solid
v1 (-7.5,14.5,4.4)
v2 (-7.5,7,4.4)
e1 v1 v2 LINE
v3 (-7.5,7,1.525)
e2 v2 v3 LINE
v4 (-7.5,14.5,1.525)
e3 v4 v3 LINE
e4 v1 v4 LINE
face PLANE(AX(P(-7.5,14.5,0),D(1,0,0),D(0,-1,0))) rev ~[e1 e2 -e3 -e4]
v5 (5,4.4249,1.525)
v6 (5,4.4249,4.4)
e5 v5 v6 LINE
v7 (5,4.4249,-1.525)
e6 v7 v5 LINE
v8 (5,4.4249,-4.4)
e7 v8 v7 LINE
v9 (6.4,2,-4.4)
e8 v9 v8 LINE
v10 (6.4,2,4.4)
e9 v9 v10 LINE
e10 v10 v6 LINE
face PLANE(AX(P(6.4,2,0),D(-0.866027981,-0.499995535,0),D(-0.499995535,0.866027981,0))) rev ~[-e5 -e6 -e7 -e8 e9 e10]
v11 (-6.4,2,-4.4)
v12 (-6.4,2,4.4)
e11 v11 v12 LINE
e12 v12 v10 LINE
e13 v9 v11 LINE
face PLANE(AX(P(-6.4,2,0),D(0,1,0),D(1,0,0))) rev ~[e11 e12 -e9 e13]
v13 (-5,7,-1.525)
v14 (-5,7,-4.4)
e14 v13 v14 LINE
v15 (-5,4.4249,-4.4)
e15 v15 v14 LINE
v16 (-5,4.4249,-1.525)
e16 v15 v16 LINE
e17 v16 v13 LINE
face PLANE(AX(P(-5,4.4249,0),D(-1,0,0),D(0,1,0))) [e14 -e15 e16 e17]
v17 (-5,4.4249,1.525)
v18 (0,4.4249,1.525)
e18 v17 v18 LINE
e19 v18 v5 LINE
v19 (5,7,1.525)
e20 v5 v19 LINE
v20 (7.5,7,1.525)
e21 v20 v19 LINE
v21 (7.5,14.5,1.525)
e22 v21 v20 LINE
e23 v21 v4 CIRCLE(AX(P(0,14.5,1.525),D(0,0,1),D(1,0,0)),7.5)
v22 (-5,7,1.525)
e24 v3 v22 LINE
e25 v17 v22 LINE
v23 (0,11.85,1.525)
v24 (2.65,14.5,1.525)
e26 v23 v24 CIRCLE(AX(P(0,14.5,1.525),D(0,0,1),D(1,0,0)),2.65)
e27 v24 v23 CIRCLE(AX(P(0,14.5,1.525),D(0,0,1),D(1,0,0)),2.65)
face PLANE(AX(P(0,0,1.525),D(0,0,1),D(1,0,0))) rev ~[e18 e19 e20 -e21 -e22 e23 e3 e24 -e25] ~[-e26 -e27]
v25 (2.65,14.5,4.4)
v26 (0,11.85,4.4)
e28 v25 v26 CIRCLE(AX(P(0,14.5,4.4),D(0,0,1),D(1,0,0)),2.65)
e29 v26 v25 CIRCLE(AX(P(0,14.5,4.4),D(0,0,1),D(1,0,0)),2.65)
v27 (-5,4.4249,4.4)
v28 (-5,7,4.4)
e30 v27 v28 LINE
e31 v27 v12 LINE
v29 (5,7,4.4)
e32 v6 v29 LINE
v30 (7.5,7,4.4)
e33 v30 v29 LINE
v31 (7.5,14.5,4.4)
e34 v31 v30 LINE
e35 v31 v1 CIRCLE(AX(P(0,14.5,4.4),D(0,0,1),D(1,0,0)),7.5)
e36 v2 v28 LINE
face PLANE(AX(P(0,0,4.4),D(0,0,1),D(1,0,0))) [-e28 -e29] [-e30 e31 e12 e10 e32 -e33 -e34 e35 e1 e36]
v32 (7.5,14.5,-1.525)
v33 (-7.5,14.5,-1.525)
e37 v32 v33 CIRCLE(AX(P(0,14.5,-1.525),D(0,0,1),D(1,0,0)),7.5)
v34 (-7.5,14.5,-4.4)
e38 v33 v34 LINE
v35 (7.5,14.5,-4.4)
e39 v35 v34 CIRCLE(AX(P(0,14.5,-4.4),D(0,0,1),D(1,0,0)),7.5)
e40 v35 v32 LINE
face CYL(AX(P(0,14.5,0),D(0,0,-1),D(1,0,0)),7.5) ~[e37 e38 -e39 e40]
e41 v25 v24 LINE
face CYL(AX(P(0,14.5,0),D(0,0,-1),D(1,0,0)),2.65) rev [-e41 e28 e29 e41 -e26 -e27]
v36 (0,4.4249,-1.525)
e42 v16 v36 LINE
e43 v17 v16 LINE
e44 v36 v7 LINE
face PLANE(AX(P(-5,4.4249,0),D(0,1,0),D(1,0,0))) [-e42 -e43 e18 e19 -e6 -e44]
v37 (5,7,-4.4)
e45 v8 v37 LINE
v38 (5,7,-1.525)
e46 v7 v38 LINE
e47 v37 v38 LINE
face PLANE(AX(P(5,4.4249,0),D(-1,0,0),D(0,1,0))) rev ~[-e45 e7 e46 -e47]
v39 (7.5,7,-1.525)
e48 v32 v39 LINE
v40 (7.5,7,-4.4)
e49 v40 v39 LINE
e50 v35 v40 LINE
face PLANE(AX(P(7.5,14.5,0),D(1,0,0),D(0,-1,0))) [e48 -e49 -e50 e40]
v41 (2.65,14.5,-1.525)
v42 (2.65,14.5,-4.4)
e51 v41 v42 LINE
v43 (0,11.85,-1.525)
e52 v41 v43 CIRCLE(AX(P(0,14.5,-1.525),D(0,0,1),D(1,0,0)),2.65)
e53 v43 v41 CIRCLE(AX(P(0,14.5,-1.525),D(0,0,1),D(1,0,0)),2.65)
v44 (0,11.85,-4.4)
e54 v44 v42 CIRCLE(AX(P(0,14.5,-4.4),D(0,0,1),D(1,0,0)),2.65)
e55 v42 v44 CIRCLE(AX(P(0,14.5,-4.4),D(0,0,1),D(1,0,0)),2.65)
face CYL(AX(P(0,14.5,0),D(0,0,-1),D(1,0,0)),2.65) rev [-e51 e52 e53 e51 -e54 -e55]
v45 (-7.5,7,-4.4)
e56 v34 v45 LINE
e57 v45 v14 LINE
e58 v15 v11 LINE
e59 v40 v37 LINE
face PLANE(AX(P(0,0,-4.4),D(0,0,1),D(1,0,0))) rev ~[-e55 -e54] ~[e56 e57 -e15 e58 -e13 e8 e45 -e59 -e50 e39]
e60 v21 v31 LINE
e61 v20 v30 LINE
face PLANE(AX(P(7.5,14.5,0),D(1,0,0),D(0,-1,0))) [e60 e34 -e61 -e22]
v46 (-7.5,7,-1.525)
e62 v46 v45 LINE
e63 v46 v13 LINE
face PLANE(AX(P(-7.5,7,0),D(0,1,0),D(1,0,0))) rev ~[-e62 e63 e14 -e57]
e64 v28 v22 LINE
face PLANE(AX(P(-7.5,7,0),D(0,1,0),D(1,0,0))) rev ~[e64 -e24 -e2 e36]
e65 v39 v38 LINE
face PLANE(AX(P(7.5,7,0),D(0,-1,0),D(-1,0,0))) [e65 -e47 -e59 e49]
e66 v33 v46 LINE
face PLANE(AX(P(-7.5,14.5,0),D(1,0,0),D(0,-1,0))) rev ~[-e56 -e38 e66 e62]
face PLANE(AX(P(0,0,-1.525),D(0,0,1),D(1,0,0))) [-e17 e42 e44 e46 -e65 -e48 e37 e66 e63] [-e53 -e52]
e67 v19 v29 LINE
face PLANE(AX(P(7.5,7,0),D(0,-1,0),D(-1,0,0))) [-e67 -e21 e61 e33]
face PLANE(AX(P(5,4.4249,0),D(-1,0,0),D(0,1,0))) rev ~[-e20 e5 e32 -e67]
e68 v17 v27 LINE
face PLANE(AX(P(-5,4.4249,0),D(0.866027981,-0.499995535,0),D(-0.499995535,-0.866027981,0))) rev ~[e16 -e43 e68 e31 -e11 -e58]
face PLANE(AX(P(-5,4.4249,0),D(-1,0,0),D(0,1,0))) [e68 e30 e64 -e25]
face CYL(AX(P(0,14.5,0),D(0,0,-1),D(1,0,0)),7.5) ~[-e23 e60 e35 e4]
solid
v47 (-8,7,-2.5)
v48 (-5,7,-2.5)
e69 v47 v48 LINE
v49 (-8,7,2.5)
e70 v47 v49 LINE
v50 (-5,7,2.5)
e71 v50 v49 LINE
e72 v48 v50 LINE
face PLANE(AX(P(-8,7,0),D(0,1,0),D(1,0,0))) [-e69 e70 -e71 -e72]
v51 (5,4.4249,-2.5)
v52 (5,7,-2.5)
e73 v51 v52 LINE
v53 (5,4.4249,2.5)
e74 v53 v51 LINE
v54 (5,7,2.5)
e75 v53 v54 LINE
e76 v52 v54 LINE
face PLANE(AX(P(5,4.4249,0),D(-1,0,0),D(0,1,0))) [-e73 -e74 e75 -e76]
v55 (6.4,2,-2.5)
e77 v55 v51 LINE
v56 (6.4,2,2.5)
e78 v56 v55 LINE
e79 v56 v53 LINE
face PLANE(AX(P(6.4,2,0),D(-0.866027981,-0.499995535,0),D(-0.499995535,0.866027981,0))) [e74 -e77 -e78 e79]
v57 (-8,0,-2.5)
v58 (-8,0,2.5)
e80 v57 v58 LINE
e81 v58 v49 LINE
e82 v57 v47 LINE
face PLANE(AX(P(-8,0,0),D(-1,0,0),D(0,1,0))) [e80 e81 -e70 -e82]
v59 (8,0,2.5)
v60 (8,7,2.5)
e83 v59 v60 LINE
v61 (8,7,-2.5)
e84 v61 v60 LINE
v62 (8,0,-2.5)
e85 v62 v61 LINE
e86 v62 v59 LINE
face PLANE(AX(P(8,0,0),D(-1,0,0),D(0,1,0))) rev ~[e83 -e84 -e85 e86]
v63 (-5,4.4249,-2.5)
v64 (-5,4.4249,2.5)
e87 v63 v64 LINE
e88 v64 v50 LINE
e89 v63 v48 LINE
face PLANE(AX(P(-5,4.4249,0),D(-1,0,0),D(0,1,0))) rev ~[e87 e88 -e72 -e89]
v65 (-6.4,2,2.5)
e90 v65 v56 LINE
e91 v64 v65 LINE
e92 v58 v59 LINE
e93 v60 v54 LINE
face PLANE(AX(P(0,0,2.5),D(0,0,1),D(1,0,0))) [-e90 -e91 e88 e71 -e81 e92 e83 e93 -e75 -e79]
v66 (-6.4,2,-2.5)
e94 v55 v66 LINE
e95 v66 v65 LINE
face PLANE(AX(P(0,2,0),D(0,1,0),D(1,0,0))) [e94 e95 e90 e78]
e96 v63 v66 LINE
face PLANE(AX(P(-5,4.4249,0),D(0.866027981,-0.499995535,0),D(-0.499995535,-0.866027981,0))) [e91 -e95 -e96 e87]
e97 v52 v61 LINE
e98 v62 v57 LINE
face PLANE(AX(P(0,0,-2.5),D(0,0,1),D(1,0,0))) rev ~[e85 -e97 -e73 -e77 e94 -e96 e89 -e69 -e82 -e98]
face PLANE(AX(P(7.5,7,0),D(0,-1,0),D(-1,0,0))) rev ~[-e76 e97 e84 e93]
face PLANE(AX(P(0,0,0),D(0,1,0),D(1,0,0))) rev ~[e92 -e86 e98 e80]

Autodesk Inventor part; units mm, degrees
ref_plane "YZ Plane" through (0, 0, 0) normal (1, 0, 0) x (0, 1, 0)
ref_plane "XZ Plane" through (0, 0, 0) normal (0, 1, 0) x (-1, 0, 0)
ref_plane "XY Plane" through (0, 0, 0) normal (0, 0, 1) x (1, 0, 0)
sketch "草圖1" plane through (0, 0, 0) normal (0, 0, 1) x (1, 0, 0)
  line L0 (0, 14.1483) -> (0, -10.3645)
  line L1 (0, 0) -> (-8, 0)
  line L2 (-8, 0) -> (-8, 7)
  line L3 (-8, 7) -> (-5, 7)
  line L4 (0, 0) -> (8, 0)
  line L5 (8, 0) -> (8, 7)
  line L6 (8, 7) -> (5, 7)
  circle A0 centre (0, 14.5) radius 2.65
  circle A1 centre (0, 14.5) radius 7.5 construction
  line L7 (-5, 4.4249) -> (-6.4, 2)
  line L8 (-6.4, 2) -> (0.3304, 2)
  line L9 (0.3304, 2) -> (6.4, 2)
  line L10 (6.4, 2) -> (5, 4.4249)
  line L11 (5, 4.4249) -> (5, 7)
  arc A2 (7.5, 14.5) -> (-7.5, 14.5) centre (0, 14.5) ccw
  line L12 (-7.5, 14.5) -> (-7.5, 7)
  line L13 (7.5, 14.5) -> (7.5, 7)
  line L14 (-5, 4.4249) -> (-5, 7)
  line L15 (-5, 4.4249) -> (5, 4.4249)
  point P0 (0, 2)
  dimension "d5" = 3
  dimension "d7" = 5.3
  dimension "d14" = 15
  dimension "d19" = 60
  dimension "d20" = 1.6
  dimension "d21" = 2
  dimension "d22" = 60
  dimension "d23" = 10
  dimension "d24" = 5
extrude "擠出1" add sketch "草圖1" along normal mid plane 5 contours L8 L9 L10 L11 L6 L5 L4 L0 | L0 L1 L2 L3 L14 L7 L8
extrude "擠出2" add sketch "草圖1" along normal mid plane 8.8 separate body contours L15 L14 L3 L12 A2 L13 L6 L11 | L15 L10 L9 L8 L0 | L0 L8 L7 L15
extrude "擠出3" cut sketch "草圖1" along normal mid plane 3.05 contours L15 L14 L3 L12 A2 L13 L6 L11 bodies 2
properties part number "base"
